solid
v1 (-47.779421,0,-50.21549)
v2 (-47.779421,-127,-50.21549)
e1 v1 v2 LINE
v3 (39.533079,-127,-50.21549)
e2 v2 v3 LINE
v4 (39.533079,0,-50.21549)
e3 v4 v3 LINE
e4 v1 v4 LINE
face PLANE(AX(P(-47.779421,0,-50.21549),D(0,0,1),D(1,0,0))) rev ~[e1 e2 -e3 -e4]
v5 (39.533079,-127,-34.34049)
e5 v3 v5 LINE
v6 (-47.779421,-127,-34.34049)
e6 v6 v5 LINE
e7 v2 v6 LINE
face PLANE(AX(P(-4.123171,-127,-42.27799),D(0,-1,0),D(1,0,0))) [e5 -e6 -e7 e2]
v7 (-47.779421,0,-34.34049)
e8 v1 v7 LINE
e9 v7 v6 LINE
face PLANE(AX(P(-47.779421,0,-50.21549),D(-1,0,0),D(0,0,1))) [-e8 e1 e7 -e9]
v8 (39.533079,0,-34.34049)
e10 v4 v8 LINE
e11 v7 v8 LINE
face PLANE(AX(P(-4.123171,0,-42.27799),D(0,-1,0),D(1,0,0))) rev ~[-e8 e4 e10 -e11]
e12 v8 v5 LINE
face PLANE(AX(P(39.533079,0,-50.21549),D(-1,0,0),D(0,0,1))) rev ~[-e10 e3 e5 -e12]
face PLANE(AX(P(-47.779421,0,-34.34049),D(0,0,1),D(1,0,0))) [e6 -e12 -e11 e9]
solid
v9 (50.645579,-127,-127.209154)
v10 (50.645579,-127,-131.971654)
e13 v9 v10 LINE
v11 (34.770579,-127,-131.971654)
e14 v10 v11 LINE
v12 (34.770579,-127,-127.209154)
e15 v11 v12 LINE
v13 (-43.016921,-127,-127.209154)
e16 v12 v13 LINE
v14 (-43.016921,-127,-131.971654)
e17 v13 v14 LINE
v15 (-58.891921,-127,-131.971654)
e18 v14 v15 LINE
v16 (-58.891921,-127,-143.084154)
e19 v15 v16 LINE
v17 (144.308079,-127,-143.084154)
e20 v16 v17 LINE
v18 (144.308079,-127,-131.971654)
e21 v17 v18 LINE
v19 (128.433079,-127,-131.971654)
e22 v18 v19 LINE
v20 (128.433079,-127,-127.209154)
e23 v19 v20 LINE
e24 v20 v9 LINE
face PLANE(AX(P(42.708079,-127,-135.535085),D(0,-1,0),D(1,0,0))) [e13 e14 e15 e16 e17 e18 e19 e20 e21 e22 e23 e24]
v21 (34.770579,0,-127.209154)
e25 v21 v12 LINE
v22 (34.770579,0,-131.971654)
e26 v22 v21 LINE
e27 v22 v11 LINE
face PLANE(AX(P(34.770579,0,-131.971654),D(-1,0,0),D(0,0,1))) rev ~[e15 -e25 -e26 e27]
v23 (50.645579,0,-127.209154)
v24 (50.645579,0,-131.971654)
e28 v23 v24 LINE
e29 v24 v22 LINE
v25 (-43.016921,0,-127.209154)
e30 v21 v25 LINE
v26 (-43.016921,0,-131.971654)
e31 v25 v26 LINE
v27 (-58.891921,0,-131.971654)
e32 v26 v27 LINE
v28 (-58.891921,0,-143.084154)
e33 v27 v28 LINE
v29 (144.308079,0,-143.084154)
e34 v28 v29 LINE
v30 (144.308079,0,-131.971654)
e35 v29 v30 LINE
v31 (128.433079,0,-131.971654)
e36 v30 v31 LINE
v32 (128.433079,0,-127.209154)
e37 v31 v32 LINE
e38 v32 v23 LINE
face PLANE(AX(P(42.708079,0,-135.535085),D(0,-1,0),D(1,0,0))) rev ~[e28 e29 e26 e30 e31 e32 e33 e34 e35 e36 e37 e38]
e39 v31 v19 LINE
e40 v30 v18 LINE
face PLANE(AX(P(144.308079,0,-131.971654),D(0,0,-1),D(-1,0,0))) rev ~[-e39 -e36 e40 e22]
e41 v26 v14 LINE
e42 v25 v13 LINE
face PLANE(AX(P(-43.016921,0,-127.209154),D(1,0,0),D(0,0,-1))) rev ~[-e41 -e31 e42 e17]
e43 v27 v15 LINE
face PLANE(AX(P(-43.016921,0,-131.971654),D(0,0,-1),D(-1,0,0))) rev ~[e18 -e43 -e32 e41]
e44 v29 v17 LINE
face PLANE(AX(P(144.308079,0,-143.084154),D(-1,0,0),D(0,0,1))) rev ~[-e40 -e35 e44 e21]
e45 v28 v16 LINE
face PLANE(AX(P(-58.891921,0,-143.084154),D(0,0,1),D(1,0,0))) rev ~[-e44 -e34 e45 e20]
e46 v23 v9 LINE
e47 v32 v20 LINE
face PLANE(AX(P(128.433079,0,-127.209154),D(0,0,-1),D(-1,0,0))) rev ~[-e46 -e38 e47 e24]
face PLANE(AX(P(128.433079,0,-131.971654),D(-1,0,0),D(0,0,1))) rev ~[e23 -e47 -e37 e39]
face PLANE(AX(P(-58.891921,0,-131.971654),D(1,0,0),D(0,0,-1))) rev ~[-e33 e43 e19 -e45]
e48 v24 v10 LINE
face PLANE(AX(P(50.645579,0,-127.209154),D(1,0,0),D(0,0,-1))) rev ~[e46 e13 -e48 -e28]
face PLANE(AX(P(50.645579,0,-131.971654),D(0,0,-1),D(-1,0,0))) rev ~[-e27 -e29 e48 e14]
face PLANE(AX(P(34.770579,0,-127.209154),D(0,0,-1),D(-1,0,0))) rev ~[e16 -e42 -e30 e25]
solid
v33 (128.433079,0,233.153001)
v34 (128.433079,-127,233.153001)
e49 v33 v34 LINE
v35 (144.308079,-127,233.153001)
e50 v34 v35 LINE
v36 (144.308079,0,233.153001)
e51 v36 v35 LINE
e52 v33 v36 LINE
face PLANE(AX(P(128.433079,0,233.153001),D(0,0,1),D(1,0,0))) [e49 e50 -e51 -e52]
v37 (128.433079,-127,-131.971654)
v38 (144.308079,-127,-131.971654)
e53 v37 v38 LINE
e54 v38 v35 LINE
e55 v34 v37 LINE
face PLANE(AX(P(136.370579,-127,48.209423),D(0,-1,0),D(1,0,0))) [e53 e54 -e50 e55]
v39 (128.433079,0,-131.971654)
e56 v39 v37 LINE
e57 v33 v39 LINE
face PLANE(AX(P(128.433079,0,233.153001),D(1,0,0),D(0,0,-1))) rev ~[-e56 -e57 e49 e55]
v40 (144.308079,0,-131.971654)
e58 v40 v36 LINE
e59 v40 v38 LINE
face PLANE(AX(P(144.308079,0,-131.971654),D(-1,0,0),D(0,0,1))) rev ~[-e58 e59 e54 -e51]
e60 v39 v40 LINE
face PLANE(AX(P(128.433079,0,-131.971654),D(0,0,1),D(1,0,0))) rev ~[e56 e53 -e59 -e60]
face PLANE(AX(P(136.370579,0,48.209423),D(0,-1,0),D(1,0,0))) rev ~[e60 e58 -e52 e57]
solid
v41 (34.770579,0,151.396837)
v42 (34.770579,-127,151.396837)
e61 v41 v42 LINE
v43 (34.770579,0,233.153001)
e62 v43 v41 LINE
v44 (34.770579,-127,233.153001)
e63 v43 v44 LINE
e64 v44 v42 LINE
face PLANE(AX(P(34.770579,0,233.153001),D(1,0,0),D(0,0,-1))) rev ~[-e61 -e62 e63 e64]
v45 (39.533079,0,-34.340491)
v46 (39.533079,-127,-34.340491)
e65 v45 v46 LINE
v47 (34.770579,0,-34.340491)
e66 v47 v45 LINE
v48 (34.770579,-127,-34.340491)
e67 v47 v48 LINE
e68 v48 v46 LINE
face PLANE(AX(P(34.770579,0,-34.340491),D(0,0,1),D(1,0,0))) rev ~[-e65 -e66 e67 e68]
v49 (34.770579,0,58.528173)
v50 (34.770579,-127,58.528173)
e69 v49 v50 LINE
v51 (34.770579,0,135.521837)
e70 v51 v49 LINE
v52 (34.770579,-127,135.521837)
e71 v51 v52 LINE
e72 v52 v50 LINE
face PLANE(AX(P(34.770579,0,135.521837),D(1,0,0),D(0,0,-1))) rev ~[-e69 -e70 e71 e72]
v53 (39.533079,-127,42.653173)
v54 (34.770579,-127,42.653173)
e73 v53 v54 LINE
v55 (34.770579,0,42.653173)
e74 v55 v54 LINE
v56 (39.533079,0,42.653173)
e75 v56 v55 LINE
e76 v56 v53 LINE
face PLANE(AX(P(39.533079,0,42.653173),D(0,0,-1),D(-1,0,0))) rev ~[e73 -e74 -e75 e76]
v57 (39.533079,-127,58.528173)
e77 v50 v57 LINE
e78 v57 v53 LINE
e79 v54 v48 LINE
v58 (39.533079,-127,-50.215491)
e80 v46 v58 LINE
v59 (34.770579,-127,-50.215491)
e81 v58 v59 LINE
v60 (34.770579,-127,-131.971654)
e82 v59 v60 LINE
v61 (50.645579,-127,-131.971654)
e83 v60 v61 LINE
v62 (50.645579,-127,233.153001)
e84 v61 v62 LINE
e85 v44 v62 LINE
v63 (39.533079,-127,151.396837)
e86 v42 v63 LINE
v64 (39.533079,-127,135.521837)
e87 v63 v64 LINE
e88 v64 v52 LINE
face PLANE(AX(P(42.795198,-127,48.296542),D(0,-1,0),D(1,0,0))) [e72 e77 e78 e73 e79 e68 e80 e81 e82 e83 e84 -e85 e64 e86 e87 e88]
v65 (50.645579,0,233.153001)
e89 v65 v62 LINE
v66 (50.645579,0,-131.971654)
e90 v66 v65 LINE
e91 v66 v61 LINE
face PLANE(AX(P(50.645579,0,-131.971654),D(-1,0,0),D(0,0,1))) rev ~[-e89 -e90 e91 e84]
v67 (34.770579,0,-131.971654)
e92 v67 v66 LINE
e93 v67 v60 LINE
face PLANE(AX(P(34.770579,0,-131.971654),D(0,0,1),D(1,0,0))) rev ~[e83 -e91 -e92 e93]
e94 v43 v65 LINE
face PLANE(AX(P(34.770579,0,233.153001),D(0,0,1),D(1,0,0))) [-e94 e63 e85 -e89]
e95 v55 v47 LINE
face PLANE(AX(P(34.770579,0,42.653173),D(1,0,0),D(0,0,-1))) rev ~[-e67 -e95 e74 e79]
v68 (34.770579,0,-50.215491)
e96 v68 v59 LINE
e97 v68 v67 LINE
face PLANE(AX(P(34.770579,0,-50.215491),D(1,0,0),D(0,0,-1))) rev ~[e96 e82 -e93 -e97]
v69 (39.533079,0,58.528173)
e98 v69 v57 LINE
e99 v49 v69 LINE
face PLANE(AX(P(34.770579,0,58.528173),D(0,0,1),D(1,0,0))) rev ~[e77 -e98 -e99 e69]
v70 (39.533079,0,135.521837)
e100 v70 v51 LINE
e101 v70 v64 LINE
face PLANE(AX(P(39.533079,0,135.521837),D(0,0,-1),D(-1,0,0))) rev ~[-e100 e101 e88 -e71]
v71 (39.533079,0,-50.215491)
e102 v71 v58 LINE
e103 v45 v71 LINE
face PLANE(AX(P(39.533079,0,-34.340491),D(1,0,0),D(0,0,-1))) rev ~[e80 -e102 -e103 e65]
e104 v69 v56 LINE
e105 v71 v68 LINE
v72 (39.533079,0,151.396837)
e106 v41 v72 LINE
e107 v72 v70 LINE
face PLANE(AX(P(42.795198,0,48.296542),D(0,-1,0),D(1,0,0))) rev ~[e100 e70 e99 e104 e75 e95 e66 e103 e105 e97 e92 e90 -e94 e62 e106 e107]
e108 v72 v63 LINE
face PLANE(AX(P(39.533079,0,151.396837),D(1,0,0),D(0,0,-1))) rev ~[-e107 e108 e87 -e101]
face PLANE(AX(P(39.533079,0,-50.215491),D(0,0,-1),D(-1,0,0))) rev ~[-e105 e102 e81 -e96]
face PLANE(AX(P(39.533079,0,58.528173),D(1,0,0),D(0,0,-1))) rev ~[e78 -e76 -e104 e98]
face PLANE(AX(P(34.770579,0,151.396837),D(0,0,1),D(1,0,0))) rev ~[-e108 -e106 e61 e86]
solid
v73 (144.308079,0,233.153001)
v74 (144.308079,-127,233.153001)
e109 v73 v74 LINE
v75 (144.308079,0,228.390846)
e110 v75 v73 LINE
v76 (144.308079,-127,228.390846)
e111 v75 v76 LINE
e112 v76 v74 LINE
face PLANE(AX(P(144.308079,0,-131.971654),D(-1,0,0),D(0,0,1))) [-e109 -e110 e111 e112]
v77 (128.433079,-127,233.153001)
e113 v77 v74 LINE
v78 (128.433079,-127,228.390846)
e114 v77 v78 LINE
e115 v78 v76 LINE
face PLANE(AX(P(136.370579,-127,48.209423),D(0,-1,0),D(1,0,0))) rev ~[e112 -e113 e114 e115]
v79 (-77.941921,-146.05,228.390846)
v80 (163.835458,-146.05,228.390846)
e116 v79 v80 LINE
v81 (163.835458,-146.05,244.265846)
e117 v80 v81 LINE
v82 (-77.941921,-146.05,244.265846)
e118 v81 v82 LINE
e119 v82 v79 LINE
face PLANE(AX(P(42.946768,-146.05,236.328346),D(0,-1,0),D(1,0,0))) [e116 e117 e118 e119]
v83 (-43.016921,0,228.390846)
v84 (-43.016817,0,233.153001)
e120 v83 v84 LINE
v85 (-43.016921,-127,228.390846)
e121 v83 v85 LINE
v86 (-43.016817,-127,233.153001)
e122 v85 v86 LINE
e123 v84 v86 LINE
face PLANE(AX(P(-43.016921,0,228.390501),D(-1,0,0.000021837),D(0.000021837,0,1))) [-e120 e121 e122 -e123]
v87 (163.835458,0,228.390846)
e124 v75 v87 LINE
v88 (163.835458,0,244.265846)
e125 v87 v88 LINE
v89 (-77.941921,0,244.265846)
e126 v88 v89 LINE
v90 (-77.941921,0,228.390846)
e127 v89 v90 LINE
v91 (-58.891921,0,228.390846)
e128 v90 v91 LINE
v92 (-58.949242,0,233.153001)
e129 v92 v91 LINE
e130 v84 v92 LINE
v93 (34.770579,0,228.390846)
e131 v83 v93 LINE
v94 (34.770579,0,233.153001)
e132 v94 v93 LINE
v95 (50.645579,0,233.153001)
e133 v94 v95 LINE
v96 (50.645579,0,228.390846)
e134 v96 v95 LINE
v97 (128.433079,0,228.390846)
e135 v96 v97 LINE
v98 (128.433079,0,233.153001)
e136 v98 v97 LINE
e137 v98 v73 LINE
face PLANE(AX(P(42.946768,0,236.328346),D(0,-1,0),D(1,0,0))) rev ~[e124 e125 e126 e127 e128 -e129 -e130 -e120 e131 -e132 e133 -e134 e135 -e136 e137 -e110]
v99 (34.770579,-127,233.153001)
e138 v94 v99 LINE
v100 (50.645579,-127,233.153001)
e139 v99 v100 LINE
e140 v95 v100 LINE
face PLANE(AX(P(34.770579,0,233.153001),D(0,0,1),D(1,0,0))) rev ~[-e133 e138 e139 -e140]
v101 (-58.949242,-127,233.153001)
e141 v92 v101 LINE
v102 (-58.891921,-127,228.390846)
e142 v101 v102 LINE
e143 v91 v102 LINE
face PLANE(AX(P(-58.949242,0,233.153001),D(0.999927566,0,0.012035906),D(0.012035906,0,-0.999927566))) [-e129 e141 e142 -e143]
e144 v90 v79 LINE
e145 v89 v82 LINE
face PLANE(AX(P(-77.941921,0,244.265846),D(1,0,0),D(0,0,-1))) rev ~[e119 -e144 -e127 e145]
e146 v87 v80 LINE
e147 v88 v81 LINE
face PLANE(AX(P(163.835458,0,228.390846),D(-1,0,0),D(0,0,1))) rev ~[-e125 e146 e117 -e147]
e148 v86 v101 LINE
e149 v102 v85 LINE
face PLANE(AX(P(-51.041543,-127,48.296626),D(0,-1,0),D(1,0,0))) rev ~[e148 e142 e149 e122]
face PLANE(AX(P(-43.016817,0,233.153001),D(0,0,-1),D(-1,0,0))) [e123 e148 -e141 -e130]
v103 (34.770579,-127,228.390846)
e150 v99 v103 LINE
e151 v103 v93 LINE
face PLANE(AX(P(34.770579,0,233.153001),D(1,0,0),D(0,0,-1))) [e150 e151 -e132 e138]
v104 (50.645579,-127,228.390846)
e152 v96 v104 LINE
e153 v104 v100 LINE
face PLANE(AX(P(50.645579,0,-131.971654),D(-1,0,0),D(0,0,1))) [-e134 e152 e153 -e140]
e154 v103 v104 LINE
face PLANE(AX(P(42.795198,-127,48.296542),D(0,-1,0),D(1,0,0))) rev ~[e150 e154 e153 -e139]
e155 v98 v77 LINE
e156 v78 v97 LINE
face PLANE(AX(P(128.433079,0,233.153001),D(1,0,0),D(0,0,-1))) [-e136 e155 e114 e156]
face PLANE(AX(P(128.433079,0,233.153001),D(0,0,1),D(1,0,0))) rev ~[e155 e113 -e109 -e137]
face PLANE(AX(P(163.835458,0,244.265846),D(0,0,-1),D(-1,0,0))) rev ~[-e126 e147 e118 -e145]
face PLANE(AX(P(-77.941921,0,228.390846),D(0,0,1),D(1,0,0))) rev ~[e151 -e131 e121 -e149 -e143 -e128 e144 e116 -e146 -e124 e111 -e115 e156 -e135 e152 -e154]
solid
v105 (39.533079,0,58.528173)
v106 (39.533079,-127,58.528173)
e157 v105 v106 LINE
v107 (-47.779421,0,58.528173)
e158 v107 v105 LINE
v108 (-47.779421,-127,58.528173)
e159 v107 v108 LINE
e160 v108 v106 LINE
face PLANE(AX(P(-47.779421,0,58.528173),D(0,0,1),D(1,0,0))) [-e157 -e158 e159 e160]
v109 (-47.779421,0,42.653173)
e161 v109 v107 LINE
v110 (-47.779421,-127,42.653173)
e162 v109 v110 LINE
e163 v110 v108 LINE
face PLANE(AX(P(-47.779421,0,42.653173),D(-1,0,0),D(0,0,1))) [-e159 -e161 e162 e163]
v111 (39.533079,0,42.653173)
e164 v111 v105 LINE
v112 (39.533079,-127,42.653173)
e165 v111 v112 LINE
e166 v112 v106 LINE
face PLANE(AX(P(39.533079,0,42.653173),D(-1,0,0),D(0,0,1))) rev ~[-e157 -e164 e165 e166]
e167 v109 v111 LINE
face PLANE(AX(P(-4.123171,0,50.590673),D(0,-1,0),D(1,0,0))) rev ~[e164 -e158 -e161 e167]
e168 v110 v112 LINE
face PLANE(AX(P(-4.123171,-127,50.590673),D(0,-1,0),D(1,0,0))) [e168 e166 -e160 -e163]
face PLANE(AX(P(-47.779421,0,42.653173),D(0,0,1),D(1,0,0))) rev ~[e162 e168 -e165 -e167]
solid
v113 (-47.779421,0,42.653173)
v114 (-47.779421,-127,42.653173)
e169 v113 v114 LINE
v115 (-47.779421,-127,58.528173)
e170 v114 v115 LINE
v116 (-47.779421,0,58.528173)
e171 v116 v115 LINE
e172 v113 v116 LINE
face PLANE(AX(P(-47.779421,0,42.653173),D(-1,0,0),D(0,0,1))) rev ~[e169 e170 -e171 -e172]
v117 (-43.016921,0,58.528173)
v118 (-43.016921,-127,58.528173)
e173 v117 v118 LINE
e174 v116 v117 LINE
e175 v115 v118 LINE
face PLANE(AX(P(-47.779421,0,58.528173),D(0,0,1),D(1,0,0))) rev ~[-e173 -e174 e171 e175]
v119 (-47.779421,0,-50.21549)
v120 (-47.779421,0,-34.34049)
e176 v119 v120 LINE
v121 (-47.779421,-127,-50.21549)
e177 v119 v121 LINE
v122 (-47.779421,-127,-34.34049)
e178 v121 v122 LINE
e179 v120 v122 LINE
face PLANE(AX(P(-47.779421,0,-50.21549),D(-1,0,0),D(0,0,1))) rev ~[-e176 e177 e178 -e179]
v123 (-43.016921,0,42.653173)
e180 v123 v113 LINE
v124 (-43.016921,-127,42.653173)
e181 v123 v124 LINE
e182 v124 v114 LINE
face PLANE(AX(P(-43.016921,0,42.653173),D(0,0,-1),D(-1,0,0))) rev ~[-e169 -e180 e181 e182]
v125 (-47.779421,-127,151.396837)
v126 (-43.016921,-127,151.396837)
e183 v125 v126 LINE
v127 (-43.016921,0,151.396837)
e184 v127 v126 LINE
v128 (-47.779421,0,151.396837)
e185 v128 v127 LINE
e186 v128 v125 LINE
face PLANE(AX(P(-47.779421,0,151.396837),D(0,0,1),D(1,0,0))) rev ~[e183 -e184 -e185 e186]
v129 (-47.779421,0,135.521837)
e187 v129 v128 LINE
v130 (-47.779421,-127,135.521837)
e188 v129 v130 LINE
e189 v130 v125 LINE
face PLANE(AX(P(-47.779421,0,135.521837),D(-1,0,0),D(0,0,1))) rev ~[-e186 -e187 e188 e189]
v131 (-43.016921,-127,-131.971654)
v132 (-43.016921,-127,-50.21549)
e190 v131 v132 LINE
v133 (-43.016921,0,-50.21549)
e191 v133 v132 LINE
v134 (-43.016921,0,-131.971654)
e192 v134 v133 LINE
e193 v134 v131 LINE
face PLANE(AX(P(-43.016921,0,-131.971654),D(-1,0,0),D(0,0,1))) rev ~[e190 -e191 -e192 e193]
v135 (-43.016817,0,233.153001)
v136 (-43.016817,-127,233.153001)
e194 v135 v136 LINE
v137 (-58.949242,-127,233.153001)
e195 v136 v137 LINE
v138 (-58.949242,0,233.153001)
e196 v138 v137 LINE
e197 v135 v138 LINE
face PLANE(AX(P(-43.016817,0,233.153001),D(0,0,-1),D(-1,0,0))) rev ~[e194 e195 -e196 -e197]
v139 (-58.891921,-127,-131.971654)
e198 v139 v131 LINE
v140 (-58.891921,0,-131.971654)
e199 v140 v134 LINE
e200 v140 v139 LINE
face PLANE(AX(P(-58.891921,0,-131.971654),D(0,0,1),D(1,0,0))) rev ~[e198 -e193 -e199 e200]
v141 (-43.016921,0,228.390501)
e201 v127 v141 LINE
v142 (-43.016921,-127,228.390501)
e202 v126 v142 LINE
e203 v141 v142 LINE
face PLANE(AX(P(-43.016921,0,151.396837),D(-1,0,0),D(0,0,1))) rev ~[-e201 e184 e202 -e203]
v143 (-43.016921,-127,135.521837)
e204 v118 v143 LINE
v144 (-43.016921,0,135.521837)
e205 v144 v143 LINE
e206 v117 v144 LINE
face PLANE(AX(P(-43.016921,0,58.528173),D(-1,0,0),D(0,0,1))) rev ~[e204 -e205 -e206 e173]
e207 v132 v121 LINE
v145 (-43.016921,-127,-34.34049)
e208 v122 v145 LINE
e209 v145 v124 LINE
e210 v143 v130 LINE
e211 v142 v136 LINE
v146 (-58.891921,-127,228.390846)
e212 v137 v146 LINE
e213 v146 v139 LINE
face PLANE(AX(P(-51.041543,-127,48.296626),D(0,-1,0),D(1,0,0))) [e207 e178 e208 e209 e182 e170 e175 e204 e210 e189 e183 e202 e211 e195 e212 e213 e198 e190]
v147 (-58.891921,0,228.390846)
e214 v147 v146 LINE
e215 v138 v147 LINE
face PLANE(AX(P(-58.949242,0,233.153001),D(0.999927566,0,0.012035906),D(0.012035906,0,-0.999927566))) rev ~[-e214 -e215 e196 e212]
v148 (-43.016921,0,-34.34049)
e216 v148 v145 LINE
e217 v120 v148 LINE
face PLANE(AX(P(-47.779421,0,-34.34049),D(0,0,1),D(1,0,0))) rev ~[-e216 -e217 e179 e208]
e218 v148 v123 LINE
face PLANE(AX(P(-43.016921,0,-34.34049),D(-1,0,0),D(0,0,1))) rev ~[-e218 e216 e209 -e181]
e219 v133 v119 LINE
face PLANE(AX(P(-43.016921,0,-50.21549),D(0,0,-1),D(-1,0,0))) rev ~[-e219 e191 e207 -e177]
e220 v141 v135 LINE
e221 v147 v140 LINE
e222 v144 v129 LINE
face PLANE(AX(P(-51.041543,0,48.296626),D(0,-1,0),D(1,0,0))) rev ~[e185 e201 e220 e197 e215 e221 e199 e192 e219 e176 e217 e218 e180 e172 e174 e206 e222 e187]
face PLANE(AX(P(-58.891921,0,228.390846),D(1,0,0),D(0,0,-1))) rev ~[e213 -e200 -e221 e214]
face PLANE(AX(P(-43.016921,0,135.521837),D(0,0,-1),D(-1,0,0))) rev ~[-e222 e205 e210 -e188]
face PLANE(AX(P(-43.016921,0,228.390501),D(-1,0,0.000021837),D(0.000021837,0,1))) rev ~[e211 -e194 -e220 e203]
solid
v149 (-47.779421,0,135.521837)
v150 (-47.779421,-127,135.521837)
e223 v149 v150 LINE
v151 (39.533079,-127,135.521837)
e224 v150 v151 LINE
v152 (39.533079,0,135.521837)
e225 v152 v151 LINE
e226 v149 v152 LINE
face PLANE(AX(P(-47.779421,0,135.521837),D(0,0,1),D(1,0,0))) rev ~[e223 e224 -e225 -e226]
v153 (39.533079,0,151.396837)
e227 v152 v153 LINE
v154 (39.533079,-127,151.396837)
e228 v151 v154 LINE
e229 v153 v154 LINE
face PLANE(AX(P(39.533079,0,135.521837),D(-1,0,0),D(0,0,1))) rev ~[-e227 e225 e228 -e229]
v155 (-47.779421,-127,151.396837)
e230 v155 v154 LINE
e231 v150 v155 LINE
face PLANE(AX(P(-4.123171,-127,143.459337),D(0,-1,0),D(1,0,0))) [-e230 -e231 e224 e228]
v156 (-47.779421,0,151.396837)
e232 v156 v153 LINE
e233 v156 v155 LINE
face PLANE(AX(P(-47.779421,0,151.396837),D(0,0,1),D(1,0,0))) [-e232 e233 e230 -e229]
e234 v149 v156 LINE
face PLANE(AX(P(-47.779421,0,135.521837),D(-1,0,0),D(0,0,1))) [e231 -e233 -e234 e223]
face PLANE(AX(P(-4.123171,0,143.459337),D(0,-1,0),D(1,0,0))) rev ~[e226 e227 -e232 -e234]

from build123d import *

# Parameters (mm, degrees)
F0_W     = 15.875
F0_H     = 4.7625
F1_DEPTH = 127
F2_DEPTH = 127
F3_W     = 87.3125
F3_H     = 15.875
F4_DEPTH = 127
F6_DEPTH = 146.05


with BuildPart() as f1:
    # F0 (on Front) → F1 (new body)
    with BuildSketch(Plane.XZ):
        Polygon((-43.016921, 228.390501), (-58.891921, 228.390846), (-58.891921, -127.209154), (-58.891921, -131.971654), (-43.016921, -131.971654), (-43.016921, -127.209154), (-43.016921, -50.21549), (-47.779421, -50.21549), (-47.779421, -34.34049), (-43.016921, -34.34049), (-43.016921, 42.653173), (-47.779421, 42.653173), (-47.779421, 58.528173), (-43.016921, 58.528173), (-43.016921, 135.521837), (-47.779421, 135.521837), (-47.779421, 151.396837), (-43.016921, 151.396837), align=None)
        Polygon((34.770579, -50.215491), (34.770579, -127.209154), (34.770579, -131.971654), (50.645579, -131.971654), (50.645579, -127.209154), (50.645579, 228.390501), (34.770579, 228.390501), (34.770579, 151.396837), (39.533079, 151.396837), (39.533079, 135.521837), (34.770579, 135.521837), (34.770579, 58.528173), (39.533079, 58.528173), (39.533079, 42.653173), (34.770579, 42.653173), (34.770579, -34.340491), (39.533079, -34.340491), (39.533079, -50.215491), align=None)
        Polygon((128.433079, -131.971654), (144.308079, -131.971654), (144.308079, -127.209154), (144.308079, 228.390501), (128.433079, 228.390501), (128.433079, -127.209154), align=None)
        Polygon((-58.949242, 233.153001), (-58.891921, 228.390846), (-43.016921, 228.390501), (-43.016817, 233.153001), align=None)
        with Locations((42.708079, 230.771751)):
            Rectangle(F0_W, F0_H)
        with Locations((136.370579, 230.771751)):
            Rectangle(F0_W, F0_H)
    extrude(amount=F1_DEPTH)


with BuildPart() as f2:
    # F0 (on Front) → F2 (new body)
    with BuildSketch(Plane.XZ):
        Polygon((-43.016921, -131.971654), (-58.891921, -131.971654), (-58.891921, -143.084154), (144.308079, -143.084154), (144.308079, -131.971654), (128.433079, -131.971654), (128.433079, -127.209154), (50.645579, -127.209154), (50.645579, -131.971654), (34.770579, -131.971654), (34.770579, -127.209154), (-43.016921, -127.209154), align=None)
    extrude(amount=F2_DEPTH)


with BuildPart() as f4:
    # F3 (on Front) → F4 (new body)
    with BuildSketch(Plane.XZ):
        with Locations((-4.123171, 143.459337)):
            Rectangle(F3_W, F3_H)
        with Locations((-4.123171, 50.590673)):
            Rectangle(F3_W, F3_H)
        with Locations((-4.123171, -42.27799)):
            Rectangle(F3_W, F3_H)
    extrude(amount=F4_DEPTH)


with BuildPart() as f6:
    # F5 (on face) → F6 (new body)
    with BuildSketch(Plane.XZ):
        Polygon((-58.891921, 228.390846), (144.785458, 228.390846), (163.835458, 228.390846), (163.835458, 244.265846), (-77.941921, 244.265846), (-77.941921, 228.390846), align=None)
    extrude(amount=F6_DEPTH)

    # F7: cut F1
    add(f1.part, mode=Mode.SUBTRACT)


solid = Compound([f1.part, f2.part, f4.part, f6.part])
